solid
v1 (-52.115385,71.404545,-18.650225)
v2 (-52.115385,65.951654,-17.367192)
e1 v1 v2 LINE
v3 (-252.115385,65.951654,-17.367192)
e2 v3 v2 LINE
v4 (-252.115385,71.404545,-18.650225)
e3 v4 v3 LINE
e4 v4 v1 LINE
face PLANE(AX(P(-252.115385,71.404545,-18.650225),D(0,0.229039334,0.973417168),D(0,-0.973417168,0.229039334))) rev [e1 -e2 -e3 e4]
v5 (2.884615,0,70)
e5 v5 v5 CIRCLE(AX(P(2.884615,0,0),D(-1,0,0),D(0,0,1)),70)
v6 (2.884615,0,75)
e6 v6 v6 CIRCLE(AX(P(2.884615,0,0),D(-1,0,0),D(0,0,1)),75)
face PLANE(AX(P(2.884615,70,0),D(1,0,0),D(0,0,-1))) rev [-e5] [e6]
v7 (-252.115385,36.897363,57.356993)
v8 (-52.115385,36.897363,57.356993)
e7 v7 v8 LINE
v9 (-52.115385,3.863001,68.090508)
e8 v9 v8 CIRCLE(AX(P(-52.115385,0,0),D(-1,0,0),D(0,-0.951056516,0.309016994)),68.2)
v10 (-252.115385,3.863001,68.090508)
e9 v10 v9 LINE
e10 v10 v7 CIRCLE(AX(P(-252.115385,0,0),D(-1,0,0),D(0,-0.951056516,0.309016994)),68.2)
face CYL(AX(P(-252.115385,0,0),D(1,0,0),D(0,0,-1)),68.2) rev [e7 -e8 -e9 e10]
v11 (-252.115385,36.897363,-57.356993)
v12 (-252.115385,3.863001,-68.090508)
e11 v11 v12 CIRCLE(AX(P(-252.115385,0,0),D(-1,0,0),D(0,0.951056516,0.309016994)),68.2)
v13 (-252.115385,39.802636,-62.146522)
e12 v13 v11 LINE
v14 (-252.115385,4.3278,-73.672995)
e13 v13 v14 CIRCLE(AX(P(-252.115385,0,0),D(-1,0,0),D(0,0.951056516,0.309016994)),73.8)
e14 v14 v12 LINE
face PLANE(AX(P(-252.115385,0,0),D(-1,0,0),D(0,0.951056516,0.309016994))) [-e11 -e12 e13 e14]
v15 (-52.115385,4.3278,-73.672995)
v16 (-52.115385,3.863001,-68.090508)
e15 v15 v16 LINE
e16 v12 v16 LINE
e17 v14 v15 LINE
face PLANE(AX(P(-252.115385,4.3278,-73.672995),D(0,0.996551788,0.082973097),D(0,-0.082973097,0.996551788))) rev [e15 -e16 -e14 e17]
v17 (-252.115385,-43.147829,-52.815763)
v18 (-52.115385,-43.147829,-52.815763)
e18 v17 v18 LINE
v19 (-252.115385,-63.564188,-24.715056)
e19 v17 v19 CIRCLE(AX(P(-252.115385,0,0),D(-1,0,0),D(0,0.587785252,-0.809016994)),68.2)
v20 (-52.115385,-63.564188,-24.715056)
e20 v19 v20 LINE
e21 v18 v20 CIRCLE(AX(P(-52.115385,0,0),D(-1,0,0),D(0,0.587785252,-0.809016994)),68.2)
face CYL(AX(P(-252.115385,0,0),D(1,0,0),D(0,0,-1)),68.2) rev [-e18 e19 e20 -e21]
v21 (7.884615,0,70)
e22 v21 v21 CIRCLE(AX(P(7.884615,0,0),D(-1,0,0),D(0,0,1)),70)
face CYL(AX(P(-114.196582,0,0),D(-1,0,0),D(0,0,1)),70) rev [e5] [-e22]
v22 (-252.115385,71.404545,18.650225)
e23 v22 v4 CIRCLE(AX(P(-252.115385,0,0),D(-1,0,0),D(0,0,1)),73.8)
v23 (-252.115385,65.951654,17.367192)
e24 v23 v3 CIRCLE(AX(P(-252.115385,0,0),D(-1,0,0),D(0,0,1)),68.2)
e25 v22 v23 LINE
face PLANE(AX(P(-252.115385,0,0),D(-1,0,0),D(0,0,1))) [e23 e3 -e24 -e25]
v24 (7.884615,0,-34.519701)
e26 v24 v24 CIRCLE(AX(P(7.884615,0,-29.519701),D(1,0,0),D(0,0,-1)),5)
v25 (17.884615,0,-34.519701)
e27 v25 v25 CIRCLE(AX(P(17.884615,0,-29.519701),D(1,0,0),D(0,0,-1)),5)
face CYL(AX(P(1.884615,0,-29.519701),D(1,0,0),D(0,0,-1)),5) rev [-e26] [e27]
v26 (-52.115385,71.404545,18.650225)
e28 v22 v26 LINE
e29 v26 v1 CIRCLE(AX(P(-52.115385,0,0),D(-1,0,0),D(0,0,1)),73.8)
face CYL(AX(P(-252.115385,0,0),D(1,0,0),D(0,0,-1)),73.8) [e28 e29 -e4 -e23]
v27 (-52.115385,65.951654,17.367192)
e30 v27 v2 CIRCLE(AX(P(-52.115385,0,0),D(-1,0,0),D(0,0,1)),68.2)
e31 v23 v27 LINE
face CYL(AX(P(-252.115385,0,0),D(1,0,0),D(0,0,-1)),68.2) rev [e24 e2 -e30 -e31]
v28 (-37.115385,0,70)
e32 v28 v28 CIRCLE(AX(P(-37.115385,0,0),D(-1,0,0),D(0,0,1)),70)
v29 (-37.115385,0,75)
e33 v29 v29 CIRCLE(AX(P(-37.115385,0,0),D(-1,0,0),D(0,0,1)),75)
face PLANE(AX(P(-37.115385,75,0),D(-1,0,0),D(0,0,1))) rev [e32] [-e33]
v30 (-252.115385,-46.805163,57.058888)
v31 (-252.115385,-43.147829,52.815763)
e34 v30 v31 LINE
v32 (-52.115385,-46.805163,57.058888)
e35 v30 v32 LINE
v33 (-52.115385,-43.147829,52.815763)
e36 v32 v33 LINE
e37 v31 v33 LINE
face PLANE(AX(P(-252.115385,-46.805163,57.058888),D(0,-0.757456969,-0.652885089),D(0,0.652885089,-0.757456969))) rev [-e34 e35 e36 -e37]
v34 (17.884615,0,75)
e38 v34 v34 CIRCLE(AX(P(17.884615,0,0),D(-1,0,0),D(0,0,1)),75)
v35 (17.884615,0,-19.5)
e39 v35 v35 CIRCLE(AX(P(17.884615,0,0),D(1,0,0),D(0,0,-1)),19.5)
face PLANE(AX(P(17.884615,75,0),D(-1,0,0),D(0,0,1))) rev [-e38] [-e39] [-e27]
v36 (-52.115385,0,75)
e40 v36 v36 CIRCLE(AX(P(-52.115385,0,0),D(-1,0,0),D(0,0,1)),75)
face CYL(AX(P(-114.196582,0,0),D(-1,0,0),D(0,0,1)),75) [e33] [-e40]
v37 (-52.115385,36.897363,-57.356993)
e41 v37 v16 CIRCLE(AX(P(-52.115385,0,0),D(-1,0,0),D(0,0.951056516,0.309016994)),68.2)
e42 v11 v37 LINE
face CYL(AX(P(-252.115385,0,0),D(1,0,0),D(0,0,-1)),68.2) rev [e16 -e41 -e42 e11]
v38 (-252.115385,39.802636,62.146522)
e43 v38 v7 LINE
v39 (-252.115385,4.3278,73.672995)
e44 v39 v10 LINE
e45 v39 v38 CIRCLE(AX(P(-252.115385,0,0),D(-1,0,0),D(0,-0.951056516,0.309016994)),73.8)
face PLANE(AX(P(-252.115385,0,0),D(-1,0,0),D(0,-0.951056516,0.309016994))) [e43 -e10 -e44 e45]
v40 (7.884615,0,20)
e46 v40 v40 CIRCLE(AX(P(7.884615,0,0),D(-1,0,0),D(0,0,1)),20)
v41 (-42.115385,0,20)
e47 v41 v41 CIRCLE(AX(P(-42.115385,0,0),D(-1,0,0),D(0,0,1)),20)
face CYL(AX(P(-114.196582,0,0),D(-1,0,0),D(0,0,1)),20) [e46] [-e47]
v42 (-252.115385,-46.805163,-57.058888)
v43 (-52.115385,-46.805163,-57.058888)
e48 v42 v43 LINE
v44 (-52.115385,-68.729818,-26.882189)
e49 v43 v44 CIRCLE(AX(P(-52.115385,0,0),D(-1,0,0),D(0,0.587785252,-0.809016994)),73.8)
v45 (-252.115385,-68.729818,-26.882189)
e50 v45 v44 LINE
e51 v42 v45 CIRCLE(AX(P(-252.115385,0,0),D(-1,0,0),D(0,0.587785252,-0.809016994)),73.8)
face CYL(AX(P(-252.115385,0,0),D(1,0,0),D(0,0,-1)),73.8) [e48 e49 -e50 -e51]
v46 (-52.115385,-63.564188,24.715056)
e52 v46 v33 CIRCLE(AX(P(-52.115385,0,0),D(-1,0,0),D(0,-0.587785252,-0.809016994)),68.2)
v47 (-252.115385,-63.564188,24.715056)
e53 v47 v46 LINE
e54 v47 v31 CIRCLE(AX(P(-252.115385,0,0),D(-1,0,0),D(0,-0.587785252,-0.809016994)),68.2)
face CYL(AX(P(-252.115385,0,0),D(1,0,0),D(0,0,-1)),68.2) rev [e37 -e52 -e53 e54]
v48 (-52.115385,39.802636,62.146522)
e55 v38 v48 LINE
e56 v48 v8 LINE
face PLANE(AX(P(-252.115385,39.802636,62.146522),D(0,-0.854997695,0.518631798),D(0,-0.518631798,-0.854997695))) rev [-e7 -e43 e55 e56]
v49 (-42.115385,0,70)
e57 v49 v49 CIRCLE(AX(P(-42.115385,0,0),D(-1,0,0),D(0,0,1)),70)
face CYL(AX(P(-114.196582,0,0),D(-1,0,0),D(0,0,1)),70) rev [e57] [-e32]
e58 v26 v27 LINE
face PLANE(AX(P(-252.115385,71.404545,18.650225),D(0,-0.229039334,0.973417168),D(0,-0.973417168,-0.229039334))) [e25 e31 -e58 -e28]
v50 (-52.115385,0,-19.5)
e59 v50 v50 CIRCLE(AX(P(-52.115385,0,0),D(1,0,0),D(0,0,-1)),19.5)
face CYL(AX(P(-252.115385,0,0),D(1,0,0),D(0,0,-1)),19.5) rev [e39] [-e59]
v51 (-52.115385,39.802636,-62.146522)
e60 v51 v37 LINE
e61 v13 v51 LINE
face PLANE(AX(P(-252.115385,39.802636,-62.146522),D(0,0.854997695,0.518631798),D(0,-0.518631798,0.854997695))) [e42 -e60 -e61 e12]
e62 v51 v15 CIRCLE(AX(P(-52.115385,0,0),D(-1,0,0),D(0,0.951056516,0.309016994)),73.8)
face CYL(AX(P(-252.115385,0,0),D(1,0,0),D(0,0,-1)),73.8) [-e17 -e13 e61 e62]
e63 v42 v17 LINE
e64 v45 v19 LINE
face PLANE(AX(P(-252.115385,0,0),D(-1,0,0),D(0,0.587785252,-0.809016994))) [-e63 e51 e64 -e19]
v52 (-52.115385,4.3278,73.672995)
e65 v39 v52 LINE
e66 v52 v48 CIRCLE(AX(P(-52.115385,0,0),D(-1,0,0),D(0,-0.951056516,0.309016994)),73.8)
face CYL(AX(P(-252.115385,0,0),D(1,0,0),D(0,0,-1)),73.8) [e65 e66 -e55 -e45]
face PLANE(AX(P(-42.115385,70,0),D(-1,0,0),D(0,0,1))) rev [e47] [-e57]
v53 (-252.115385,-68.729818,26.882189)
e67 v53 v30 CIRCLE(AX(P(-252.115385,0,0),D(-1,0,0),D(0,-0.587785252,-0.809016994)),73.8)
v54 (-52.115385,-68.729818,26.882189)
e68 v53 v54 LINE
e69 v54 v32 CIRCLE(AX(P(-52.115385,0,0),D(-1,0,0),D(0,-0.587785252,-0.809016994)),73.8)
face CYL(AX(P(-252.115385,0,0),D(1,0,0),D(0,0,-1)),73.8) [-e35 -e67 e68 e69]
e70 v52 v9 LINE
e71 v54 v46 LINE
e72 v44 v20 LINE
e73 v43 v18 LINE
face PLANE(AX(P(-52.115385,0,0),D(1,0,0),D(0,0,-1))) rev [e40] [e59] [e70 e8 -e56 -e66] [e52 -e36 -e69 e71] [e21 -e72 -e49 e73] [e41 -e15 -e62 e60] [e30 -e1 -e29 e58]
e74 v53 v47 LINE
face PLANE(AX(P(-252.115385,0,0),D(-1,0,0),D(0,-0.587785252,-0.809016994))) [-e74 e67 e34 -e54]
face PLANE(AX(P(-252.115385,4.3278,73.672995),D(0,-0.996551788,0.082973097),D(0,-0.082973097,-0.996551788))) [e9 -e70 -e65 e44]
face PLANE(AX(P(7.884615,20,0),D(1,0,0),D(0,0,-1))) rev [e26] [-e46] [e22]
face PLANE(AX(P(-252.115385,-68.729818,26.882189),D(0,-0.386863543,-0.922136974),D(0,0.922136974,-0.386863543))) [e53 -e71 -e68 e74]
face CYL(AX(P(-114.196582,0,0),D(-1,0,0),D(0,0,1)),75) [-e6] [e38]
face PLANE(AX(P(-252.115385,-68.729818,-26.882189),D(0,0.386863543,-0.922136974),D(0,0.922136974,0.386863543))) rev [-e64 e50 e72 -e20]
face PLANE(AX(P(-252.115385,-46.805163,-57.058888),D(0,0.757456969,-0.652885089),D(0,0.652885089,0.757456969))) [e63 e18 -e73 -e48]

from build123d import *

# Parameters (mm, degrees)
SKETCH4_R           = 5
CUT_EXTRUDE4_DEPTH  = 16
BOSS_EXTRUDE1_DEPTH = 200
CIRPATTERN1_COUNT   = 5
SKETCH6_R           = 19.5
CUT_EXTRUDE5_DEPTH  = 291.086194087


with BuildPart() as part:
    # Sketch1 → Revolve2 (revolve)
    with BuildSketch(Plane.XY, mode=Mode.PRIVATE) as revolve2_sk:
        Polygon((-52.115384615, 0), (17.884615385, 0), (17.884615385, 75), (2.884615385, 75), (2.884615385, 70), (7.884615385, 70), (7.884615385, 20), (-42.115384615, 20), (-42.115384615, 70), (-37.115384615, 70), (-37.115384615, 75), (-52.115384615, 75), align=None)
    revolve(revolve2_sk.sketch.rotate(Axis((-114.1965821, 0, 0), (1, 0, 0)), 90), axis=Axis((-114.1965821, 0, 0), (1, 0, 0)))

    # Sketch4 → Cut-Extrude4 (cut)
    with BuildSketch(Plane(origin=(17.884615385, 0, 0), x_dir=(0, 0, -1), z_dir=(1, 0, 0))):
        with Locations((29.519700861, 0)):
            Circle(SKETCH4_R)
    extrude(amount=-CUT_EXTRUDE4_DEPTH, mode=Mode.SUBTRACT)

    # Sketch2 → Boss-Extrude1 (add)
    with BuildSketch(Plane.ZY.offset(52.115384615)):
        with BuildLine():
            Line((-18.650225291, 71.40454535), (-17.367191992, 65.951653826))
            ThreePointArc((-17.367191992, 65.951653826), (0, 68.2), (17.367191992, 65.951653826))
            Line((17.367191992, 65.951653826), (18.650225291, 71.40454535))
            ThreePointArc((18.650225291, 71.40454535), (0, 73.8), (-18.650225291, 71.40454535))
        make_face()
    boss_extrude1 = extrude(amount=BOSS_EXTRUDE1_DEPTH)

    # CirPattern1: Boss-Extrude1 ×5 about axis
    cirpattern1_axis = Axis((0, 0, 0), (1, 0, 0))
    for i in range(1, CIRPATTERN1_COUNT):
        add(boss_extrude1.rotate(cirpattern1_axis, i * 360 / CIRPATTERN1_COUNT))

    # Sketch6 → Cut-Extrude5 (cut, through all)
    with BuildSketch(Plane(origin=(17.884615385, 0, 0), x_dir=(0, 0, -1), z_dir=(1, 0, 0))):
        Circle(SKETCH6_R)
    extrude(amount=-CUT_EXTRUDE5_DEPTH, mode=Mode.SUBTRACT)


solid = part.part
